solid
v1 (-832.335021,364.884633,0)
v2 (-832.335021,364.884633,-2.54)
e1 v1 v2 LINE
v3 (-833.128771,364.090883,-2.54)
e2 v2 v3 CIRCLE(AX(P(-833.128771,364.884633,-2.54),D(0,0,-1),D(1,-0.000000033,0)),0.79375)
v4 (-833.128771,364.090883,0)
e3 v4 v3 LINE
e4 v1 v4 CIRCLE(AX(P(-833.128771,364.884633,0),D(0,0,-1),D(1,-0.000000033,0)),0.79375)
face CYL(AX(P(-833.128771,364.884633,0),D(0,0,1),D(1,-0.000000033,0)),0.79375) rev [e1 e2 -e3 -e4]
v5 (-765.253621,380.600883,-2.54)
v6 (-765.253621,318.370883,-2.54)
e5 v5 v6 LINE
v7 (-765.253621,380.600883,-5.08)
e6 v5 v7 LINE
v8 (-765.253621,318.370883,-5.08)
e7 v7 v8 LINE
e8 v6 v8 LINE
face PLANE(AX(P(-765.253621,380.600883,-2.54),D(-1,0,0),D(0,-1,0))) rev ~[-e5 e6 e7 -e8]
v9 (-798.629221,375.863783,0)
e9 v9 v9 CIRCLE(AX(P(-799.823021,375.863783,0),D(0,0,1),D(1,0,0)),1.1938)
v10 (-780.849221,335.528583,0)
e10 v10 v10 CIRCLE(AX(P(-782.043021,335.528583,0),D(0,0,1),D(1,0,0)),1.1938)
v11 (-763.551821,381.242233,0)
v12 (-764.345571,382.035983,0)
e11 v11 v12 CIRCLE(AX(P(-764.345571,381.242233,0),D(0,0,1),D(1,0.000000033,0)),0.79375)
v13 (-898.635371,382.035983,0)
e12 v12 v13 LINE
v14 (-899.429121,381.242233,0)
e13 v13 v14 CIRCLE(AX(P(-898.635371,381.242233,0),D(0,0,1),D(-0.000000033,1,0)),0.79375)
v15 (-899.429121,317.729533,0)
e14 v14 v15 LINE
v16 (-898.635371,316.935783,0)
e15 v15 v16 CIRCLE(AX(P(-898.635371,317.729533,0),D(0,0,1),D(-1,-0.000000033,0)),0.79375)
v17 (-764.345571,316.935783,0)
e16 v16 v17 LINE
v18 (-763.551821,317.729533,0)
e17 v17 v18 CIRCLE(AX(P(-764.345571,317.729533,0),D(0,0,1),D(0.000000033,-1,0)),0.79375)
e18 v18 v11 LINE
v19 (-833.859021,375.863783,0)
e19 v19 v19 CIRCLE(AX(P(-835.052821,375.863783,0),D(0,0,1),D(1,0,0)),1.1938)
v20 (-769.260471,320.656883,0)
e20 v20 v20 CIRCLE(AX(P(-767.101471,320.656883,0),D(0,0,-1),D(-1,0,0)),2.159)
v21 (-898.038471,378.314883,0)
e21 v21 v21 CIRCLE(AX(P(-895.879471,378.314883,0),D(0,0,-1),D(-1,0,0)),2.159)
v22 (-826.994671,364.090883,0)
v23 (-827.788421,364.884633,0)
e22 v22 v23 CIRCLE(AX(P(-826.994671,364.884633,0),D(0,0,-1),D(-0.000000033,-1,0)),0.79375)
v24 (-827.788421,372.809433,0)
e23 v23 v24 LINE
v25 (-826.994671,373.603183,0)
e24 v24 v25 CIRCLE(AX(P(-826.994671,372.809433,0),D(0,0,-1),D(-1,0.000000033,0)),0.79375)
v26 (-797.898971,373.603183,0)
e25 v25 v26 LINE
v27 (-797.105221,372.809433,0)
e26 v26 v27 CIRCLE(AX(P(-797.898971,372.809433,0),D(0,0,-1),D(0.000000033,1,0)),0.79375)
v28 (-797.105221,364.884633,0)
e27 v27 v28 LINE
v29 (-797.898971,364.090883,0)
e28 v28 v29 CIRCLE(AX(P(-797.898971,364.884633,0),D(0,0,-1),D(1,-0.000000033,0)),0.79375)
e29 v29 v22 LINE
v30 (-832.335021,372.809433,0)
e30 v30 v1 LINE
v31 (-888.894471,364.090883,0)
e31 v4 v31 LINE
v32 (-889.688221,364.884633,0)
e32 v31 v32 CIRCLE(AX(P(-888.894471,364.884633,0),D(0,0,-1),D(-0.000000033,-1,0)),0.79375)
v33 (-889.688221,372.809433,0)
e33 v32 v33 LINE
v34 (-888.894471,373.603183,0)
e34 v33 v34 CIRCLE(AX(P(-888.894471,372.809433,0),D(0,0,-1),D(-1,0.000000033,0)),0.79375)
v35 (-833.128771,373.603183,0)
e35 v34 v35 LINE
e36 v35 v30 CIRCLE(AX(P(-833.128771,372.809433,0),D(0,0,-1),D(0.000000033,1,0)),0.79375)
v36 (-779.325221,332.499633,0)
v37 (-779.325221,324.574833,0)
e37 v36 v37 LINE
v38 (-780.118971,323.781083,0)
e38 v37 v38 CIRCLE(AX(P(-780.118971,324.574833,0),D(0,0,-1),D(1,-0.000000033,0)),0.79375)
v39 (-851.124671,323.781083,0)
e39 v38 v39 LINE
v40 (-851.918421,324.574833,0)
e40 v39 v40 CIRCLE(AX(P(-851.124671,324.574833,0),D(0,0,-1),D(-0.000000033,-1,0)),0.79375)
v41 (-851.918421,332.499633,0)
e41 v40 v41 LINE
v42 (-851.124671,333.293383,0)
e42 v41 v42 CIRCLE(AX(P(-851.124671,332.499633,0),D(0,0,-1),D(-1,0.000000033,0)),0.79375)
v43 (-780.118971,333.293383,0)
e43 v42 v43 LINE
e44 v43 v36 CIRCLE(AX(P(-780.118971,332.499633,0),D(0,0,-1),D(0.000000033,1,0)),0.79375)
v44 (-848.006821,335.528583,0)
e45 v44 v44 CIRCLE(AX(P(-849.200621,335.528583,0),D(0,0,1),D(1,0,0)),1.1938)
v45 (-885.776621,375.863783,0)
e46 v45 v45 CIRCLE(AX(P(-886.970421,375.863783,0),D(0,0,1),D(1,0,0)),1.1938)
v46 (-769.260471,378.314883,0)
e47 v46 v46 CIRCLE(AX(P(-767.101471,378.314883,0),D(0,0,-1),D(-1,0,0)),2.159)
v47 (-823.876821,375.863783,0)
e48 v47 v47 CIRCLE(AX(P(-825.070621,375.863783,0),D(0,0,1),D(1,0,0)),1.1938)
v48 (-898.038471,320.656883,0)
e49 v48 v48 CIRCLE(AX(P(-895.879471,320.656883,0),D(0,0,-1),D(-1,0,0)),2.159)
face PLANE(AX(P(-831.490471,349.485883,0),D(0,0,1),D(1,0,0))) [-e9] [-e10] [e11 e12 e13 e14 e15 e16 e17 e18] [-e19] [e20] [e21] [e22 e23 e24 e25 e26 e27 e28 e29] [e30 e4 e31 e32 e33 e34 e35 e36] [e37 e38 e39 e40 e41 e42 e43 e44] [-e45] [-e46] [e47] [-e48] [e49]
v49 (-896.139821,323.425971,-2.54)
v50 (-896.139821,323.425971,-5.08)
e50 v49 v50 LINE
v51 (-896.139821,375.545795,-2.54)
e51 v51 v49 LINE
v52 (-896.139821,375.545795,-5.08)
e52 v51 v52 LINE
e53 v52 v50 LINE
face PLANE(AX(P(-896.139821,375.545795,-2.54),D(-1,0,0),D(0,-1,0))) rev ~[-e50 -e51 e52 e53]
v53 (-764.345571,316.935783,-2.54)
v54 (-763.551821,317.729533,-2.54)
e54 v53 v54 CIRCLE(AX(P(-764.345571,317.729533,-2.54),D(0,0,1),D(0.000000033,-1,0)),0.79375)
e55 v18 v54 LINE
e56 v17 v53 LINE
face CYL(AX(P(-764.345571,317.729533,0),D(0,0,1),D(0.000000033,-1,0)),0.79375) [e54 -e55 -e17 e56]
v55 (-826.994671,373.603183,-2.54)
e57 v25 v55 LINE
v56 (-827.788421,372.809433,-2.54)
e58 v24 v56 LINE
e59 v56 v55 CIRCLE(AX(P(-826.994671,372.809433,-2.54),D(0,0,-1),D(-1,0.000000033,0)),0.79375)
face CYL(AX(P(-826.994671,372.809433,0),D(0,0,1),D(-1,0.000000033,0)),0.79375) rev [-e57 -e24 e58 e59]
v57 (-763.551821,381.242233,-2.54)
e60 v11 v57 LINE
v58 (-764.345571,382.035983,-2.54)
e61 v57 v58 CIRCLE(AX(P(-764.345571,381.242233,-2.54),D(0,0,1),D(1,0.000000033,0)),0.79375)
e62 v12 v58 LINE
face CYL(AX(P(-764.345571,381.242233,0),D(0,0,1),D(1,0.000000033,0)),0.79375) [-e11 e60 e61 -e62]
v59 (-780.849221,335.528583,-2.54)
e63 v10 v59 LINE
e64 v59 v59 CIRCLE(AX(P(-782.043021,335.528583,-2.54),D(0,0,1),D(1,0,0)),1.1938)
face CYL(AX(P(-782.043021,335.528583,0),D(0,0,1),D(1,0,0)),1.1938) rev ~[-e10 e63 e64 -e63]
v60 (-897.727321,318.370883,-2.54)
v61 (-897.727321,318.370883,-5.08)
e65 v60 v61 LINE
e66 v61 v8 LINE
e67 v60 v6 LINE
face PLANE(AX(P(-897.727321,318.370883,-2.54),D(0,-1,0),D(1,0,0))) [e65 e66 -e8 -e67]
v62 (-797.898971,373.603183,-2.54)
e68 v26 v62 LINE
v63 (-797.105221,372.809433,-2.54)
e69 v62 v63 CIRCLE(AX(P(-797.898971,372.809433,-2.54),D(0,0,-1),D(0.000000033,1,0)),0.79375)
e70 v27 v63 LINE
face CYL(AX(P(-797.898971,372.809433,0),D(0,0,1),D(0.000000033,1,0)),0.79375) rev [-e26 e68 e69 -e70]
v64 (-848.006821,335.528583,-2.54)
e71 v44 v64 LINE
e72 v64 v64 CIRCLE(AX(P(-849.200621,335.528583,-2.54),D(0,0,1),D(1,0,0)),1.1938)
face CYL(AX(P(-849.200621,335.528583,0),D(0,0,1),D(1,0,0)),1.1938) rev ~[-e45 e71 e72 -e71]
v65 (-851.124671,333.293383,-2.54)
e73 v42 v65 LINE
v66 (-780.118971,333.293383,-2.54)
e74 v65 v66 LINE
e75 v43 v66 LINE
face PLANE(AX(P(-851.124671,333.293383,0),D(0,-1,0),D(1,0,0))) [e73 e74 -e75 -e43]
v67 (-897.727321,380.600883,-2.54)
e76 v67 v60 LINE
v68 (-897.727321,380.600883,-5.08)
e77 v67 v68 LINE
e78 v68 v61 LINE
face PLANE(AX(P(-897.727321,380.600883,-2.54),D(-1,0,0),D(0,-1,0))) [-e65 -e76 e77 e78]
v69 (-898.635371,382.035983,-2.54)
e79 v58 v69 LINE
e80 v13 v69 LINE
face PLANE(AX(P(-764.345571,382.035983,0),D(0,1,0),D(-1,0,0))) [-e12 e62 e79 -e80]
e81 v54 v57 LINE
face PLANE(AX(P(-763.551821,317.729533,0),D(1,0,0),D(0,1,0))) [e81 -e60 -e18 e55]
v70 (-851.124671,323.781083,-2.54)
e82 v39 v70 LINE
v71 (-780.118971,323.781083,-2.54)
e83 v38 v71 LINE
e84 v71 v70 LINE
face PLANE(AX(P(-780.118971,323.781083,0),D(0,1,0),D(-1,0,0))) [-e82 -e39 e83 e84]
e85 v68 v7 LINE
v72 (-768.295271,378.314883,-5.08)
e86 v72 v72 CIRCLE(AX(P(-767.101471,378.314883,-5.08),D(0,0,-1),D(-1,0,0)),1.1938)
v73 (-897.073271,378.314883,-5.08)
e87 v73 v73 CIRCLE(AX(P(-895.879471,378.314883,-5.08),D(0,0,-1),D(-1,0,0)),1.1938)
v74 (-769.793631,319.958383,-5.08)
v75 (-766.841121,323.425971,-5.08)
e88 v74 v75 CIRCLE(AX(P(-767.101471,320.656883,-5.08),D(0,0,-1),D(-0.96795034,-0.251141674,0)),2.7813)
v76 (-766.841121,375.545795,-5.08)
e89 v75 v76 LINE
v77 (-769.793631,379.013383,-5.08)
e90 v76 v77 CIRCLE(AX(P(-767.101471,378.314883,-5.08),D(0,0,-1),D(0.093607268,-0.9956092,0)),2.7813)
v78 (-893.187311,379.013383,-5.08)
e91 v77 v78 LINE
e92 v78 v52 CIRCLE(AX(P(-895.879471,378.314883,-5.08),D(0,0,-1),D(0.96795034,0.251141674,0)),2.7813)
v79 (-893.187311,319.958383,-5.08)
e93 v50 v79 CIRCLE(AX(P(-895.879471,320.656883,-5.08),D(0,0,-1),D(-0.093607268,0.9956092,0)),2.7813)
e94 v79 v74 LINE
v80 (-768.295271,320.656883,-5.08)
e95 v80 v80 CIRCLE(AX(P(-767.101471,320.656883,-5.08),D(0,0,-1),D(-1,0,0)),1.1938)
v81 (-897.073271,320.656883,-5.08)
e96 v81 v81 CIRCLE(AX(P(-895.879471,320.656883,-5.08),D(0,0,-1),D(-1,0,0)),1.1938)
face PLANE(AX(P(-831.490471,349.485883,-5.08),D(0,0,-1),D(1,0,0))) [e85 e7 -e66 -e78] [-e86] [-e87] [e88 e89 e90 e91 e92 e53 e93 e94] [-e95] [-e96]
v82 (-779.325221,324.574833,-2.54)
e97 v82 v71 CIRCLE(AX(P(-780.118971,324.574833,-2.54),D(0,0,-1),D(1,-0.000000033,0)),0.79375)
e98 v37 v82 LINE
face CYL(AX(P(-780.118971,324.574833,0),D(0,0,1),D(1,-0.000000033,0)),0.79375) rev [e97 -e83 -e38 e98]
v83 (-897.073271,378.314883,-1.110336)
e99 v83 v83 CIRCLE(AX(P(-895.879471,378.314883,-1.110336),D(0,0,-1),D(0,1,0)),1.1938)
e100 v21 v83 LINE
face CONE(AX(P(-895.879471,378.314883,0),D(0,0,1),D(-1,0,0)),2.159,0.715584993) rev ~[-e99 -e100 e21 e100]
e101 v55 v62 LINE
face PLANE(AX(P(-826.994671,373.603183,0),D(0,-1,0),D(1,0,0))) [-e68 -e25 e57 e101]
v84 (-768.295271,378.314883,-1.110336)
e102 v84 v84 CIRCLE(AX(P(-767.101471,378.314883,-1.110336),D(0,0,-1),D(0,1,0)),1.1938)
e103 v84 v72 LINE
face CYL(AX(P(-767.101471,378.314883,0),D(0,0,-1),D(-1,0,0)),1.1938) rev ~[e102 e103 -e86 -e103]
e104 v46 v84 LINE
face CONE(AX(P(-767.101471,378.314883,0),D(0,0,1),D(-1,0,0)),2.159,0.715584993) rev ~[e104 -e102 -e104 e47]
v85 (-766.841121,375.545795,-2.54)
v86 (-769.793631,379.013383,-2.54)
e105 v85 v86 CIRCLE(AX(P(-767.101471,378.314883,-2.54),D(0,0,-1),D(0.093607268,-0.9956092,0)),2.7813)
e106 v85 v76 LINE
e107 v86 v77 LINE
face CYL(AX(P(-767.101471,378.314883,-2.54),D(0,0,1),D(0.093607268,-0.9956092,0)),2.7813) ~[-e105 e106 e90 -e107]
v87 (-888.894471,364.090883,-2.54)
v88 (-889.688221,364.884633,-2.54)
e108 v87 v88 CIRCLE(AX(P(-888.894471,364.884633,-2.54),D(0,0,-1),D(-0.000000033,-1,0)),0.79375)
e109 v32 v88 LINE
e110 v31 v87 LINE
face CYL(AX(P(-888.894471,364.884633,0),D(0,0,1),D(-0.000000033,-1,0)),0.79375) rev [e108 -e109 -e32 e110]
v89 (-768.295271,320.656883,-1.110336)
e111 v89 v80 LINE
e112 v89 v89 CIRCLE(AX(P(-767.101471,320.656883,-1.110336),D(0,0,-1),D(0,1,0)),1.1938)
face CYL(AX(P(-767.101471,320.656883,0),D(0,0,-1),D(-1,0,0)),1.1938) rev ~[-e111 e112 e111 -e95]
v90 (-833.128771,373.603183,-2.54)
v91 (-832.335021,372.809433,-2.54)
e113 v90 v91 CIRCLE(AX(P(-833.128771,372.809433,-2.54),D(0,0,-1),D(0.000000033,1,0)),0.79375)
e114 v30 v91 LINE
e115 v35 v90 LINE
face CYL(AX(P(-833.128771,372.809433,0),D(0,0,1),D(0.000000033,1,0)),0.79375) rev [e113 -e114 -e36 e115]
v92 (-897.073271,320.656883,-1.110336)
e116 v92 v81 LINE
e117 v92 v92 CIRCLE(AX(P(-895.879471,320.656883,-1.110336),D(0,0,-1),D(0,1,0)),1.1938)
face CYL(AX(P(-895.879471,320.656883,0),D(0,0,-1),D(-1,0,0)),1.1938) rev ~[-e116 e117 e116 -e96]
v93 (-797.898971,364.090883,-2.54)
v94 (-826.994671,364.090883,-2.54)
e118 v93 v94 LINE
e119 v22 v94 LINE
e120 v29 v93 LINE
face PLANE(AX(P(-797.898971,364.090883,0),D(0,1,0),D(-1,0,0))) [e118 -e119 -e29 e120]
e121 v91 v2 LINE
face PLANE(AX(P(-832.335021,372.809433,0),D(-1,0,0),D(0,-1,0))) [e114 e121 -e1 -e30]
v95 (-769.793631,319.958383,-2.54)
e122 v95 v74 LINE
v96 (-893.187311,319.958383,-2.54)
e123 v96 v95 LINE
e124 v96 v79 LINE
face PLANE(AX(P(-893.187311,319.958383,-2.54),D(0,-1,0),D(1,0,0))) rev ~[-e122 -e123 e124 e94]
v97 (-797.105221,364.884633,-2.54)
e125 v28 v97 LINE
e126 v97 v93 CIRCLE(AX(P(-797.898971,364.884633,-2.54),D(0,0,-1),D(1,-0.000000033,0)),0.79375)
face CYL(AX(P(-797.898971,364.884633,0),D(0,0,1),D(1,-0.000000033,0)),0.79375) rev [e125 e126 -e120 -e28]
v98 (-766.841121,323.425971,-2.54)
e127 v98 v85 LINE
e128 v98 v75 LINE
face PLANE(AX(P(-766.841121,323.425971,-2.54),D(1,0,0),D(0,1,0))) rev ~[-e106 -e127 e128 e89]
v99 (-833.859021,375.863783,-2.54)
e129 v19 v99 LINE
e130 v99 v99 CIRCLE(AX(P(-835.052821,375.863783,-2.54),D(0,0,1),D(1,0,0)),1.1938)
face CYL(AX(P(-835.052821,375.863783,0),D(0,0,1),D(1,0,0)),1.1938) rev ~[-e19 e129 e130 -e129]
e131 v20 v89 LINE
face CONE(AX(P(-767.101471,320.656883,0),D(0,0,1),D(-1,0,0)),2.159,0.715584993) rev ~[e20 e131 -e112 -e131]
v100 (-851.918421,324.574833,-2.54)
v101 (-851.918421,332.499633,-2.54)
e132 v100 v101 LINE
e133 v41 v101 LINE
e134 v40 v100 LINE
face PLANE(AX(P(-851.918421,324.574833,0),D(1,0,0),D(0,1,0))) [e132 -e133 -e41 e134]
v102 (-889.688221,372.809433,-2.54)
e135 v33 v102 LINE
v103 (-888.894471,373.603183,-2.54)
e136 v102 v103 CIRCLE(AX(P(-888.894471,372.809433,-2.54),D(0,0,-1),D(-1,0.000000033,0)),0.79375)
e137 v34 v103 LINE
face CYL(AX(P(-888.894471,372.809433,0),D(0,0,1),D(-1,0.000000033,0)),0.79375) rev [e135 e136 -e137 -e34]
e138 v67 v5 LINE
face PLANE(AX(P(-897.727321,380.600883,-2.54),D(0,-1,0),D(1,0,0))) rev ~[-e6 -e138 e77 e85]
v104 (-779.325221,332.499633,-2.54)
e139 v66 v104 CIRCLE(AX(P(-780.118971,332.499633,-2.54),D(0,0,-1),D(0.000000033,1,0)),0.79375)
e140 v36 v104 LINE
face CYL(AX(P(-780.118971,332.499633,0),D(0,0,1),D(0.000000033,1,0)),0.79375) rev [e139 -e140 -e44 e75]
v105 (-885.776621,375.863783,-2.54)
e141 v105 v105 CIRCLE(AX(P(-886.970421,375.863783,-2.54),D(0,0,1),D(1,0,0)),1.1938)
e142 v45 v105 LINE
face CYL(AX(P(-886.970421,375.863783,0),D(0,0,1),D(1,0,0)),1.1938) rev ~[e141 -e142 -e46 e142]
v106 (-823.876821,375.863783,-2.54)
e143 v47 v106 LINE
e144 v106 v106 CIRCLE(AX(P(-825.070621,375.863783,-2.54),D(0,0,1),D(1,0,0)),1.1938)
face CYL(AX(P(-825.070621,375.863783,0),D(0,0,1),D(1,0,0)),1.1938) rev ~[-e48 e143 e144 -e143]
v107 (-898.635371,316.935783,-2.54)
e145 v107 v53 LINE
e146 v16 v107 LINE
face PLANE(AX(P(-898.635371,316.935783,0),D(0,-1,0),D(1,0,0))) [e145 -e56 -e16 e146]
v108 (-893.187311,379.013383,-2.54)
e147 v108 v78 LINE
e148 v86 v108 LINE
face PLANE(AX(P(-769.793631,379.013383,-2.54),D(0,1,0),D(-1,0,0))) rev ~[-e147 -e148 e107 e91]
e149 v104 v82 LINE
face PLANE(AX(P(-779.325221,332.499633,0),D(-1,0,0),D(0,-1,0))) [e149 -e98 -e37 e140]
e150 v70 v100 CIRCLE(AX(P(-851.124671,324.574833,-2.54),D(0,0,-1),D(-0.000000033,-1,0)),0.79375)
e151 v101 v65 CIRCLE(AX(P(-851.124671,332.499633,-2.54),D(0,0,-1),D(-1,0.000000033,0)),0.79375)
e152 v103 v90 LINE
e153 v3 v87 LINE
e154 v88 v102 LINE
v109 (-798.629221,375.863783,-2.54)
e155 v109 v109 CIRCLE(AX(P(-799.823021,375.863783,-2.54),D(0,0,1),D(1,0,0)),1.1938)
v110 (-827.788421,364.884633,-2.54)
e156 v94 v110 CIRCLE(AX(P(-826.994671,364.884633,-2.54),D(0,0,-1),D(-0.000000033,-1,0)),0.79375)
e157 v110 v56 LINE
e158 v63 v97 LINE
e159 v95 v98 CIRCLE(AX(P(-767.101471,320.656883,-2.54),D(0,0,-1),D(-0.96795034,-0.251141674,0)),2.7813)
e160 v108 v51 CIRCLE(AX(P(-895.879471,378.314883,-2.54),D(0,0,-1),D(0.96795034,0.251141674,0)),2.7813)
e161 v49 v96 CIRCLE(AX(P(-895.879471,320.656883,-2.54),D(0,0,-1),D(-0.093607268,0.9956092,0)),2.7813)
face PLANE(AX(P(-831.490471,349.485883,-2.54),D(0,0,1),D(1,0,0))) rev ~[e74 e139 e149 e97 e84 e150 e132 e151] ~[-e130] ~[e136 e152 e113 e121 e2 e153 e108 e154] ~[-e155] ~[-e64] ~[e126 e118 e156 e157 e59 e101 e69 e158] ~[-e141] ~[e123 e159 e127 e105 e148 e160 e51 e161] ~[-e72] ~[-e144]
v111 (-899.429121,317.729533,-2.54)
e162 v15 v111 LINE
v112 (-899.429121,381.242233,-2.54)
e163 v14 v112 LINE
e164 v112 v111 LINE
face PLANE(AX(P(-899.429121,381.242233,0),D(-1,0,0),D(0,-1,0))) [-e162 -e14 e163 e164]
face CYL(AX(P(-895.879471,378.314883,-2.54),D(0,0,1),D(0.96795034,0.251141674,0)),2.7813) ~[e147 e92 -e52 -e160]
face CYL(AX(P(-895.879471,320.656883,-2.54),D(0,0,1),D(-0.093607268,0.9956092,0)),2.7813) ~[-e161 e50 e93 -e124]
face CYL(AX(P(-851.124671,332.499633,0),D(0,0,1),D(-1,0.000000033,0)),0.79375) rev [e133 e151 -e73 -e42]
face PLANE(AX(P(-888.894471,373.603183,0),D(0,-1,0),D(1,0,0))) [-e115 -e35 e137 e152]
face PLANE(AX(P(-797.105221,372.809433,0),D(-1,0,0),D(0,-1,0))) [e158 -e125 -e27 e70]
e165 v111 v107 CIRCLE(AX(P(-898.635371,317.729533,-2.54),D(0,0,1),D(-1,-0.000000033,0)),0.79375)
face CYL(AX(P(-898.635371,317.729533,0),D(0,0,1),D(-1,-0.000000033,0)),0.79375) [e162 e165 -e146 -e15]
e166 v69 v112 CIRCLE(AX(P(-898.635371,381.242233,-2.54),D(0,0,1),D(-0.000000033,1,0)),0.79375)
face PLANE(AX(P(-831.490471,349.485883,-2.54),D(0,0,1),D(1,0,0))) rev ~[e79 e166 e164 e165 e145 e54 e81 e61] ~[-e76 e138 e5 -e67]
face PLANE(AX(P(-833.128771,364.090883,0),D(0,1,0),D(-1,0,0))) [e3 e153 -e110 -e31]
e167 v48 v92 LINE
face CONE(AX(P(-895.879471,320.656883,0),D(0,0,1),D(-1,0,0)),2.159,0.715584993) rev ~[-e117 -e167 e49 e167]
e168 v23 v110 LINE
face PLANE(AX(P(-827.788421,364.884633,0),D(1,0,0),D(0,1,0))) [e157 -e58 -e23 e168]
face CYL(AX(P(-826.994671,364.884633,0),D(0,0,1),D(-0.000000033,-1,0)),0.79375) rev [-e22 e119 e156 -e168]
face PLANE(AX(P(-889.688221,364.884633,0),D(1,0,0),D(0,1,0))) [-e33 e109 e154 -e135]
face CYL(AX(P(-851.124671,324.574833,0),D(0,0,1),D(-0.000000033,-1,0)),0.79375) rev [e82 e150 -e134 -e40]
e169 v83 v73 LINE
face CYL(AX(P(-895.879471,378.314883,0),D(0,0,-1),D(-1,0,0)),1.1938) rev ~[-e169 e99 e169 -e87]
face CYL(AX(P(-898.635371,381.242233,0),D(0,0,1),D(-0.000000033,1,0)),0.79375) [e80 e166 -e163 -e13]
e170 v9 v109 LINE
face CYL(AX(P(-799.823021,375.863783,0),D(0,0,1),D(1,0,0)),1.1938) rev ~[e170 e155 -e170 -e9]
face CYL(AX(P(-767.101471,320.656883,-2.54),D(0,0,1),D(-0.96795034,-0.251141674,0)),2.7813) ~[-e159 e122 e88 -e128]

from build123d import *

# Parameters (mm, degrees)
F0_R           = 1.1938
F1_DEPTH       = 2.54
F2_W           = 132.4737
F2_H           = 62.23
F3_DEPTH       = 2.54
F4_D           = 2.3876
F4_CSINK_D     = 4.318
F4_CSINK_ANGLE = 82


with BuildPart() as f1:
    # F0 (on Top) → F1 (new body)
    with BuildSketch(Plane.XY):
        with BuildLine():
            ThreePointArc((-763.551821, 381.242233), (-763.784305, 381.803499), (-764.345571, 382.035983))
            Line((-764.345571, 382.035983), (-898.635371, 382.035983))
            ThreePointArc((-898.635371, 382.035983), (-899.196637, 381.803499), (-899.429121, 381.242233))
            Line((-899.429121, 381.242233), (-899.429121, 317.729533))
            ThreePointArc((-899.429121, 317.729533), (-899.196637, 317.168267), (-898.635371, 316.935783))
            Line((-898.635371, 316.935783), (-764.345571, 316.935783))
            ThreePointArc((-764.345571, 316.935783), (-763.784305, 317.168267), (-763.551821, 317.729533))
            Line((-763.551821, 317.729533), (-763.551821, 381.242233))
        make_face()
        with Locations((-849.200621, 335.528583)):
            Circle(F0_R, mode=Mode.SUBTRACT)
        with BuildLine():
            ThreePointArc((-780.118971, 333.293383), (-779.557705, 333.060899), (-779.325221, 332.499633))
            Line((-779.325221, 332.499633), (-779.325221, 324.574833))
            ThreePointArc((-779.325221, 324.574833), (-779.557705, 324.013567), (-780.118971, 323.781083))
            Line((-780.118971, 323.781083), (-851.124671, 323.781083))
            ThreePointArc((-851.124671, 323.781083), (-851.685937, 324.013567), (-851.918421, 324.574833))
            Line((-851.918421, 324.574833), (-851.918421, 332.499633))
            ThreePointArc((-851.918421, 332.499633), (-851.685937, 333.060899), (-851.124671, 333.293383))
            Line((-851.124671, 333.293383), (-780.118971, 333.293383))
        make_face(mode=Mode.SUBTRACT)
        with Locations((-782.043021, 335.528583)):
            Circle(F0_R, mode=Mode.SUBTRACT)
        with Locations((-886.970421, 375.863783)):
            Circle(F0_R, mode=Mode.SUBTRACT)
        with BuildLine():
            Line((-888.894471, 373.603183), (-833.128771, 373.603183))
            ThreePointArc((-833.128771, 373.603183), (-832.567505, 373.370699), (-832.335021, 372.809433))
            Line((-832.335021, 372.809433), (-832.335021, 364.884633))
            ThreePointArc((-832.335021, 364.884633), (-832.567505, 364.323367), (-833.128771, 364.090883))
            Line((-833.128771, 364.090883), (-888.894471, 364.090883))
            ThreePointArc((-888.894471, 364.090883), (-889.455737, 364.323367), (-889.688221, 364.884633))
            Line((-889.688221, 364.884633), (-889.688221, 372.809433))
            ThreePointArc((-889.688221, 372.809433), (-889.455737, 373.370699), (-888.894471, 373.603183))
        make_face(mode=Mode.SUBTRACT)
        with Locations((-835.052821, 375.863783)):
            Circle(F0_R, mode=Mode.SUBTRACT)
        with BuildLine():
            Line((-826.994671, 373.603183), (-797.898971, 373.603183))
            ThreePointArc((-797.898971, 373.603183), (-797.337705, 373.370699), (-797.105221, 372.809433))
            Line((-797.105221, 372.809433), (-797.105221, 364.884633))
            ThreePointArc((-797.105221, 364.884633), (-797.337705, 364.323367), (-797.898971, 364.090883))
            Line((-797.898971, 364.090883), (-826.994671, 364.090883))
            ThreePointArc((-826.994671, 364.090883), (-827.555937, 364.323367), (-827.788421, 364.884633))
            Line((-827.788421, 364.884633), (-827.788421, 372.809433))
            ThreePointArc((-827.788421, 372.809433), (-827.555937, 373.370699), (-826.994671, 373.603183))
        make_face(mode=Mode.SUBTRACT)
        with Locations((-825.070621, 375.863783)):
            Circle(F0_R, mode=Mode.SUBTRACT)
        with Locations((-799.823021, 375.863783)):
            Circle(F0_R, mode=Mode.SUBTRACT)
    extrude(amount=-F1_DEPTH)

    # F2 (on face) → F3 (join)
    with BuildSketch(Plane(origin=(0, 0, -2.54), x_dir=(1, 0, 0), z_dir=(0, 0, -1))):
        with Locations((-831.490471, -349.485883)):
            Rectangle(F2_W, F2_H)
        with BuildLine():
            ThreePointArc((-769.793631, -319.958383), (-769.219127, -322.459981), (-766.841121, -323.425971))
            Line((-766.841121, -323.425971), (-766.841121, -375.545795))
            ThreePointArc((-766.841121, -375.545795), (-769.219127, -376.511785), (-769.793631, -379.013383))
            Line((-769.793631, -379.013383), (-893.187311, -379.013383))
            ThreePointArc((-893.187311, -379.013383), (-893.761815, -376.511785), (-896.139821, -375.545795))
            Line((-896.139821, -375.545795), (-896.139821, -323.425971))
            ThreePointArc((-896.139821, -323.425971), (-893.761815, -322.459981), (-893.187311, -319.958383))
            Line((-893.187311, -319.958383), (-769.793631, -319.958383))
        make_face(mode=Mode.SUBTRACT)
    extrude(amount=F3_DEPTH)

    # F4 (through all)
    with Locations(Plane.XY):
        with Locations((-895.879471, 378.314883), (-767.101471, 378.314883), (-767.101471, 320.656883), (-895.879471, 320.656883)):
            CounterSinkHole(F4_D / 2, F4_CSINK_D / 2, counter_sink_angle=F4_CSINK_ANGLE)


solid = f1.part
